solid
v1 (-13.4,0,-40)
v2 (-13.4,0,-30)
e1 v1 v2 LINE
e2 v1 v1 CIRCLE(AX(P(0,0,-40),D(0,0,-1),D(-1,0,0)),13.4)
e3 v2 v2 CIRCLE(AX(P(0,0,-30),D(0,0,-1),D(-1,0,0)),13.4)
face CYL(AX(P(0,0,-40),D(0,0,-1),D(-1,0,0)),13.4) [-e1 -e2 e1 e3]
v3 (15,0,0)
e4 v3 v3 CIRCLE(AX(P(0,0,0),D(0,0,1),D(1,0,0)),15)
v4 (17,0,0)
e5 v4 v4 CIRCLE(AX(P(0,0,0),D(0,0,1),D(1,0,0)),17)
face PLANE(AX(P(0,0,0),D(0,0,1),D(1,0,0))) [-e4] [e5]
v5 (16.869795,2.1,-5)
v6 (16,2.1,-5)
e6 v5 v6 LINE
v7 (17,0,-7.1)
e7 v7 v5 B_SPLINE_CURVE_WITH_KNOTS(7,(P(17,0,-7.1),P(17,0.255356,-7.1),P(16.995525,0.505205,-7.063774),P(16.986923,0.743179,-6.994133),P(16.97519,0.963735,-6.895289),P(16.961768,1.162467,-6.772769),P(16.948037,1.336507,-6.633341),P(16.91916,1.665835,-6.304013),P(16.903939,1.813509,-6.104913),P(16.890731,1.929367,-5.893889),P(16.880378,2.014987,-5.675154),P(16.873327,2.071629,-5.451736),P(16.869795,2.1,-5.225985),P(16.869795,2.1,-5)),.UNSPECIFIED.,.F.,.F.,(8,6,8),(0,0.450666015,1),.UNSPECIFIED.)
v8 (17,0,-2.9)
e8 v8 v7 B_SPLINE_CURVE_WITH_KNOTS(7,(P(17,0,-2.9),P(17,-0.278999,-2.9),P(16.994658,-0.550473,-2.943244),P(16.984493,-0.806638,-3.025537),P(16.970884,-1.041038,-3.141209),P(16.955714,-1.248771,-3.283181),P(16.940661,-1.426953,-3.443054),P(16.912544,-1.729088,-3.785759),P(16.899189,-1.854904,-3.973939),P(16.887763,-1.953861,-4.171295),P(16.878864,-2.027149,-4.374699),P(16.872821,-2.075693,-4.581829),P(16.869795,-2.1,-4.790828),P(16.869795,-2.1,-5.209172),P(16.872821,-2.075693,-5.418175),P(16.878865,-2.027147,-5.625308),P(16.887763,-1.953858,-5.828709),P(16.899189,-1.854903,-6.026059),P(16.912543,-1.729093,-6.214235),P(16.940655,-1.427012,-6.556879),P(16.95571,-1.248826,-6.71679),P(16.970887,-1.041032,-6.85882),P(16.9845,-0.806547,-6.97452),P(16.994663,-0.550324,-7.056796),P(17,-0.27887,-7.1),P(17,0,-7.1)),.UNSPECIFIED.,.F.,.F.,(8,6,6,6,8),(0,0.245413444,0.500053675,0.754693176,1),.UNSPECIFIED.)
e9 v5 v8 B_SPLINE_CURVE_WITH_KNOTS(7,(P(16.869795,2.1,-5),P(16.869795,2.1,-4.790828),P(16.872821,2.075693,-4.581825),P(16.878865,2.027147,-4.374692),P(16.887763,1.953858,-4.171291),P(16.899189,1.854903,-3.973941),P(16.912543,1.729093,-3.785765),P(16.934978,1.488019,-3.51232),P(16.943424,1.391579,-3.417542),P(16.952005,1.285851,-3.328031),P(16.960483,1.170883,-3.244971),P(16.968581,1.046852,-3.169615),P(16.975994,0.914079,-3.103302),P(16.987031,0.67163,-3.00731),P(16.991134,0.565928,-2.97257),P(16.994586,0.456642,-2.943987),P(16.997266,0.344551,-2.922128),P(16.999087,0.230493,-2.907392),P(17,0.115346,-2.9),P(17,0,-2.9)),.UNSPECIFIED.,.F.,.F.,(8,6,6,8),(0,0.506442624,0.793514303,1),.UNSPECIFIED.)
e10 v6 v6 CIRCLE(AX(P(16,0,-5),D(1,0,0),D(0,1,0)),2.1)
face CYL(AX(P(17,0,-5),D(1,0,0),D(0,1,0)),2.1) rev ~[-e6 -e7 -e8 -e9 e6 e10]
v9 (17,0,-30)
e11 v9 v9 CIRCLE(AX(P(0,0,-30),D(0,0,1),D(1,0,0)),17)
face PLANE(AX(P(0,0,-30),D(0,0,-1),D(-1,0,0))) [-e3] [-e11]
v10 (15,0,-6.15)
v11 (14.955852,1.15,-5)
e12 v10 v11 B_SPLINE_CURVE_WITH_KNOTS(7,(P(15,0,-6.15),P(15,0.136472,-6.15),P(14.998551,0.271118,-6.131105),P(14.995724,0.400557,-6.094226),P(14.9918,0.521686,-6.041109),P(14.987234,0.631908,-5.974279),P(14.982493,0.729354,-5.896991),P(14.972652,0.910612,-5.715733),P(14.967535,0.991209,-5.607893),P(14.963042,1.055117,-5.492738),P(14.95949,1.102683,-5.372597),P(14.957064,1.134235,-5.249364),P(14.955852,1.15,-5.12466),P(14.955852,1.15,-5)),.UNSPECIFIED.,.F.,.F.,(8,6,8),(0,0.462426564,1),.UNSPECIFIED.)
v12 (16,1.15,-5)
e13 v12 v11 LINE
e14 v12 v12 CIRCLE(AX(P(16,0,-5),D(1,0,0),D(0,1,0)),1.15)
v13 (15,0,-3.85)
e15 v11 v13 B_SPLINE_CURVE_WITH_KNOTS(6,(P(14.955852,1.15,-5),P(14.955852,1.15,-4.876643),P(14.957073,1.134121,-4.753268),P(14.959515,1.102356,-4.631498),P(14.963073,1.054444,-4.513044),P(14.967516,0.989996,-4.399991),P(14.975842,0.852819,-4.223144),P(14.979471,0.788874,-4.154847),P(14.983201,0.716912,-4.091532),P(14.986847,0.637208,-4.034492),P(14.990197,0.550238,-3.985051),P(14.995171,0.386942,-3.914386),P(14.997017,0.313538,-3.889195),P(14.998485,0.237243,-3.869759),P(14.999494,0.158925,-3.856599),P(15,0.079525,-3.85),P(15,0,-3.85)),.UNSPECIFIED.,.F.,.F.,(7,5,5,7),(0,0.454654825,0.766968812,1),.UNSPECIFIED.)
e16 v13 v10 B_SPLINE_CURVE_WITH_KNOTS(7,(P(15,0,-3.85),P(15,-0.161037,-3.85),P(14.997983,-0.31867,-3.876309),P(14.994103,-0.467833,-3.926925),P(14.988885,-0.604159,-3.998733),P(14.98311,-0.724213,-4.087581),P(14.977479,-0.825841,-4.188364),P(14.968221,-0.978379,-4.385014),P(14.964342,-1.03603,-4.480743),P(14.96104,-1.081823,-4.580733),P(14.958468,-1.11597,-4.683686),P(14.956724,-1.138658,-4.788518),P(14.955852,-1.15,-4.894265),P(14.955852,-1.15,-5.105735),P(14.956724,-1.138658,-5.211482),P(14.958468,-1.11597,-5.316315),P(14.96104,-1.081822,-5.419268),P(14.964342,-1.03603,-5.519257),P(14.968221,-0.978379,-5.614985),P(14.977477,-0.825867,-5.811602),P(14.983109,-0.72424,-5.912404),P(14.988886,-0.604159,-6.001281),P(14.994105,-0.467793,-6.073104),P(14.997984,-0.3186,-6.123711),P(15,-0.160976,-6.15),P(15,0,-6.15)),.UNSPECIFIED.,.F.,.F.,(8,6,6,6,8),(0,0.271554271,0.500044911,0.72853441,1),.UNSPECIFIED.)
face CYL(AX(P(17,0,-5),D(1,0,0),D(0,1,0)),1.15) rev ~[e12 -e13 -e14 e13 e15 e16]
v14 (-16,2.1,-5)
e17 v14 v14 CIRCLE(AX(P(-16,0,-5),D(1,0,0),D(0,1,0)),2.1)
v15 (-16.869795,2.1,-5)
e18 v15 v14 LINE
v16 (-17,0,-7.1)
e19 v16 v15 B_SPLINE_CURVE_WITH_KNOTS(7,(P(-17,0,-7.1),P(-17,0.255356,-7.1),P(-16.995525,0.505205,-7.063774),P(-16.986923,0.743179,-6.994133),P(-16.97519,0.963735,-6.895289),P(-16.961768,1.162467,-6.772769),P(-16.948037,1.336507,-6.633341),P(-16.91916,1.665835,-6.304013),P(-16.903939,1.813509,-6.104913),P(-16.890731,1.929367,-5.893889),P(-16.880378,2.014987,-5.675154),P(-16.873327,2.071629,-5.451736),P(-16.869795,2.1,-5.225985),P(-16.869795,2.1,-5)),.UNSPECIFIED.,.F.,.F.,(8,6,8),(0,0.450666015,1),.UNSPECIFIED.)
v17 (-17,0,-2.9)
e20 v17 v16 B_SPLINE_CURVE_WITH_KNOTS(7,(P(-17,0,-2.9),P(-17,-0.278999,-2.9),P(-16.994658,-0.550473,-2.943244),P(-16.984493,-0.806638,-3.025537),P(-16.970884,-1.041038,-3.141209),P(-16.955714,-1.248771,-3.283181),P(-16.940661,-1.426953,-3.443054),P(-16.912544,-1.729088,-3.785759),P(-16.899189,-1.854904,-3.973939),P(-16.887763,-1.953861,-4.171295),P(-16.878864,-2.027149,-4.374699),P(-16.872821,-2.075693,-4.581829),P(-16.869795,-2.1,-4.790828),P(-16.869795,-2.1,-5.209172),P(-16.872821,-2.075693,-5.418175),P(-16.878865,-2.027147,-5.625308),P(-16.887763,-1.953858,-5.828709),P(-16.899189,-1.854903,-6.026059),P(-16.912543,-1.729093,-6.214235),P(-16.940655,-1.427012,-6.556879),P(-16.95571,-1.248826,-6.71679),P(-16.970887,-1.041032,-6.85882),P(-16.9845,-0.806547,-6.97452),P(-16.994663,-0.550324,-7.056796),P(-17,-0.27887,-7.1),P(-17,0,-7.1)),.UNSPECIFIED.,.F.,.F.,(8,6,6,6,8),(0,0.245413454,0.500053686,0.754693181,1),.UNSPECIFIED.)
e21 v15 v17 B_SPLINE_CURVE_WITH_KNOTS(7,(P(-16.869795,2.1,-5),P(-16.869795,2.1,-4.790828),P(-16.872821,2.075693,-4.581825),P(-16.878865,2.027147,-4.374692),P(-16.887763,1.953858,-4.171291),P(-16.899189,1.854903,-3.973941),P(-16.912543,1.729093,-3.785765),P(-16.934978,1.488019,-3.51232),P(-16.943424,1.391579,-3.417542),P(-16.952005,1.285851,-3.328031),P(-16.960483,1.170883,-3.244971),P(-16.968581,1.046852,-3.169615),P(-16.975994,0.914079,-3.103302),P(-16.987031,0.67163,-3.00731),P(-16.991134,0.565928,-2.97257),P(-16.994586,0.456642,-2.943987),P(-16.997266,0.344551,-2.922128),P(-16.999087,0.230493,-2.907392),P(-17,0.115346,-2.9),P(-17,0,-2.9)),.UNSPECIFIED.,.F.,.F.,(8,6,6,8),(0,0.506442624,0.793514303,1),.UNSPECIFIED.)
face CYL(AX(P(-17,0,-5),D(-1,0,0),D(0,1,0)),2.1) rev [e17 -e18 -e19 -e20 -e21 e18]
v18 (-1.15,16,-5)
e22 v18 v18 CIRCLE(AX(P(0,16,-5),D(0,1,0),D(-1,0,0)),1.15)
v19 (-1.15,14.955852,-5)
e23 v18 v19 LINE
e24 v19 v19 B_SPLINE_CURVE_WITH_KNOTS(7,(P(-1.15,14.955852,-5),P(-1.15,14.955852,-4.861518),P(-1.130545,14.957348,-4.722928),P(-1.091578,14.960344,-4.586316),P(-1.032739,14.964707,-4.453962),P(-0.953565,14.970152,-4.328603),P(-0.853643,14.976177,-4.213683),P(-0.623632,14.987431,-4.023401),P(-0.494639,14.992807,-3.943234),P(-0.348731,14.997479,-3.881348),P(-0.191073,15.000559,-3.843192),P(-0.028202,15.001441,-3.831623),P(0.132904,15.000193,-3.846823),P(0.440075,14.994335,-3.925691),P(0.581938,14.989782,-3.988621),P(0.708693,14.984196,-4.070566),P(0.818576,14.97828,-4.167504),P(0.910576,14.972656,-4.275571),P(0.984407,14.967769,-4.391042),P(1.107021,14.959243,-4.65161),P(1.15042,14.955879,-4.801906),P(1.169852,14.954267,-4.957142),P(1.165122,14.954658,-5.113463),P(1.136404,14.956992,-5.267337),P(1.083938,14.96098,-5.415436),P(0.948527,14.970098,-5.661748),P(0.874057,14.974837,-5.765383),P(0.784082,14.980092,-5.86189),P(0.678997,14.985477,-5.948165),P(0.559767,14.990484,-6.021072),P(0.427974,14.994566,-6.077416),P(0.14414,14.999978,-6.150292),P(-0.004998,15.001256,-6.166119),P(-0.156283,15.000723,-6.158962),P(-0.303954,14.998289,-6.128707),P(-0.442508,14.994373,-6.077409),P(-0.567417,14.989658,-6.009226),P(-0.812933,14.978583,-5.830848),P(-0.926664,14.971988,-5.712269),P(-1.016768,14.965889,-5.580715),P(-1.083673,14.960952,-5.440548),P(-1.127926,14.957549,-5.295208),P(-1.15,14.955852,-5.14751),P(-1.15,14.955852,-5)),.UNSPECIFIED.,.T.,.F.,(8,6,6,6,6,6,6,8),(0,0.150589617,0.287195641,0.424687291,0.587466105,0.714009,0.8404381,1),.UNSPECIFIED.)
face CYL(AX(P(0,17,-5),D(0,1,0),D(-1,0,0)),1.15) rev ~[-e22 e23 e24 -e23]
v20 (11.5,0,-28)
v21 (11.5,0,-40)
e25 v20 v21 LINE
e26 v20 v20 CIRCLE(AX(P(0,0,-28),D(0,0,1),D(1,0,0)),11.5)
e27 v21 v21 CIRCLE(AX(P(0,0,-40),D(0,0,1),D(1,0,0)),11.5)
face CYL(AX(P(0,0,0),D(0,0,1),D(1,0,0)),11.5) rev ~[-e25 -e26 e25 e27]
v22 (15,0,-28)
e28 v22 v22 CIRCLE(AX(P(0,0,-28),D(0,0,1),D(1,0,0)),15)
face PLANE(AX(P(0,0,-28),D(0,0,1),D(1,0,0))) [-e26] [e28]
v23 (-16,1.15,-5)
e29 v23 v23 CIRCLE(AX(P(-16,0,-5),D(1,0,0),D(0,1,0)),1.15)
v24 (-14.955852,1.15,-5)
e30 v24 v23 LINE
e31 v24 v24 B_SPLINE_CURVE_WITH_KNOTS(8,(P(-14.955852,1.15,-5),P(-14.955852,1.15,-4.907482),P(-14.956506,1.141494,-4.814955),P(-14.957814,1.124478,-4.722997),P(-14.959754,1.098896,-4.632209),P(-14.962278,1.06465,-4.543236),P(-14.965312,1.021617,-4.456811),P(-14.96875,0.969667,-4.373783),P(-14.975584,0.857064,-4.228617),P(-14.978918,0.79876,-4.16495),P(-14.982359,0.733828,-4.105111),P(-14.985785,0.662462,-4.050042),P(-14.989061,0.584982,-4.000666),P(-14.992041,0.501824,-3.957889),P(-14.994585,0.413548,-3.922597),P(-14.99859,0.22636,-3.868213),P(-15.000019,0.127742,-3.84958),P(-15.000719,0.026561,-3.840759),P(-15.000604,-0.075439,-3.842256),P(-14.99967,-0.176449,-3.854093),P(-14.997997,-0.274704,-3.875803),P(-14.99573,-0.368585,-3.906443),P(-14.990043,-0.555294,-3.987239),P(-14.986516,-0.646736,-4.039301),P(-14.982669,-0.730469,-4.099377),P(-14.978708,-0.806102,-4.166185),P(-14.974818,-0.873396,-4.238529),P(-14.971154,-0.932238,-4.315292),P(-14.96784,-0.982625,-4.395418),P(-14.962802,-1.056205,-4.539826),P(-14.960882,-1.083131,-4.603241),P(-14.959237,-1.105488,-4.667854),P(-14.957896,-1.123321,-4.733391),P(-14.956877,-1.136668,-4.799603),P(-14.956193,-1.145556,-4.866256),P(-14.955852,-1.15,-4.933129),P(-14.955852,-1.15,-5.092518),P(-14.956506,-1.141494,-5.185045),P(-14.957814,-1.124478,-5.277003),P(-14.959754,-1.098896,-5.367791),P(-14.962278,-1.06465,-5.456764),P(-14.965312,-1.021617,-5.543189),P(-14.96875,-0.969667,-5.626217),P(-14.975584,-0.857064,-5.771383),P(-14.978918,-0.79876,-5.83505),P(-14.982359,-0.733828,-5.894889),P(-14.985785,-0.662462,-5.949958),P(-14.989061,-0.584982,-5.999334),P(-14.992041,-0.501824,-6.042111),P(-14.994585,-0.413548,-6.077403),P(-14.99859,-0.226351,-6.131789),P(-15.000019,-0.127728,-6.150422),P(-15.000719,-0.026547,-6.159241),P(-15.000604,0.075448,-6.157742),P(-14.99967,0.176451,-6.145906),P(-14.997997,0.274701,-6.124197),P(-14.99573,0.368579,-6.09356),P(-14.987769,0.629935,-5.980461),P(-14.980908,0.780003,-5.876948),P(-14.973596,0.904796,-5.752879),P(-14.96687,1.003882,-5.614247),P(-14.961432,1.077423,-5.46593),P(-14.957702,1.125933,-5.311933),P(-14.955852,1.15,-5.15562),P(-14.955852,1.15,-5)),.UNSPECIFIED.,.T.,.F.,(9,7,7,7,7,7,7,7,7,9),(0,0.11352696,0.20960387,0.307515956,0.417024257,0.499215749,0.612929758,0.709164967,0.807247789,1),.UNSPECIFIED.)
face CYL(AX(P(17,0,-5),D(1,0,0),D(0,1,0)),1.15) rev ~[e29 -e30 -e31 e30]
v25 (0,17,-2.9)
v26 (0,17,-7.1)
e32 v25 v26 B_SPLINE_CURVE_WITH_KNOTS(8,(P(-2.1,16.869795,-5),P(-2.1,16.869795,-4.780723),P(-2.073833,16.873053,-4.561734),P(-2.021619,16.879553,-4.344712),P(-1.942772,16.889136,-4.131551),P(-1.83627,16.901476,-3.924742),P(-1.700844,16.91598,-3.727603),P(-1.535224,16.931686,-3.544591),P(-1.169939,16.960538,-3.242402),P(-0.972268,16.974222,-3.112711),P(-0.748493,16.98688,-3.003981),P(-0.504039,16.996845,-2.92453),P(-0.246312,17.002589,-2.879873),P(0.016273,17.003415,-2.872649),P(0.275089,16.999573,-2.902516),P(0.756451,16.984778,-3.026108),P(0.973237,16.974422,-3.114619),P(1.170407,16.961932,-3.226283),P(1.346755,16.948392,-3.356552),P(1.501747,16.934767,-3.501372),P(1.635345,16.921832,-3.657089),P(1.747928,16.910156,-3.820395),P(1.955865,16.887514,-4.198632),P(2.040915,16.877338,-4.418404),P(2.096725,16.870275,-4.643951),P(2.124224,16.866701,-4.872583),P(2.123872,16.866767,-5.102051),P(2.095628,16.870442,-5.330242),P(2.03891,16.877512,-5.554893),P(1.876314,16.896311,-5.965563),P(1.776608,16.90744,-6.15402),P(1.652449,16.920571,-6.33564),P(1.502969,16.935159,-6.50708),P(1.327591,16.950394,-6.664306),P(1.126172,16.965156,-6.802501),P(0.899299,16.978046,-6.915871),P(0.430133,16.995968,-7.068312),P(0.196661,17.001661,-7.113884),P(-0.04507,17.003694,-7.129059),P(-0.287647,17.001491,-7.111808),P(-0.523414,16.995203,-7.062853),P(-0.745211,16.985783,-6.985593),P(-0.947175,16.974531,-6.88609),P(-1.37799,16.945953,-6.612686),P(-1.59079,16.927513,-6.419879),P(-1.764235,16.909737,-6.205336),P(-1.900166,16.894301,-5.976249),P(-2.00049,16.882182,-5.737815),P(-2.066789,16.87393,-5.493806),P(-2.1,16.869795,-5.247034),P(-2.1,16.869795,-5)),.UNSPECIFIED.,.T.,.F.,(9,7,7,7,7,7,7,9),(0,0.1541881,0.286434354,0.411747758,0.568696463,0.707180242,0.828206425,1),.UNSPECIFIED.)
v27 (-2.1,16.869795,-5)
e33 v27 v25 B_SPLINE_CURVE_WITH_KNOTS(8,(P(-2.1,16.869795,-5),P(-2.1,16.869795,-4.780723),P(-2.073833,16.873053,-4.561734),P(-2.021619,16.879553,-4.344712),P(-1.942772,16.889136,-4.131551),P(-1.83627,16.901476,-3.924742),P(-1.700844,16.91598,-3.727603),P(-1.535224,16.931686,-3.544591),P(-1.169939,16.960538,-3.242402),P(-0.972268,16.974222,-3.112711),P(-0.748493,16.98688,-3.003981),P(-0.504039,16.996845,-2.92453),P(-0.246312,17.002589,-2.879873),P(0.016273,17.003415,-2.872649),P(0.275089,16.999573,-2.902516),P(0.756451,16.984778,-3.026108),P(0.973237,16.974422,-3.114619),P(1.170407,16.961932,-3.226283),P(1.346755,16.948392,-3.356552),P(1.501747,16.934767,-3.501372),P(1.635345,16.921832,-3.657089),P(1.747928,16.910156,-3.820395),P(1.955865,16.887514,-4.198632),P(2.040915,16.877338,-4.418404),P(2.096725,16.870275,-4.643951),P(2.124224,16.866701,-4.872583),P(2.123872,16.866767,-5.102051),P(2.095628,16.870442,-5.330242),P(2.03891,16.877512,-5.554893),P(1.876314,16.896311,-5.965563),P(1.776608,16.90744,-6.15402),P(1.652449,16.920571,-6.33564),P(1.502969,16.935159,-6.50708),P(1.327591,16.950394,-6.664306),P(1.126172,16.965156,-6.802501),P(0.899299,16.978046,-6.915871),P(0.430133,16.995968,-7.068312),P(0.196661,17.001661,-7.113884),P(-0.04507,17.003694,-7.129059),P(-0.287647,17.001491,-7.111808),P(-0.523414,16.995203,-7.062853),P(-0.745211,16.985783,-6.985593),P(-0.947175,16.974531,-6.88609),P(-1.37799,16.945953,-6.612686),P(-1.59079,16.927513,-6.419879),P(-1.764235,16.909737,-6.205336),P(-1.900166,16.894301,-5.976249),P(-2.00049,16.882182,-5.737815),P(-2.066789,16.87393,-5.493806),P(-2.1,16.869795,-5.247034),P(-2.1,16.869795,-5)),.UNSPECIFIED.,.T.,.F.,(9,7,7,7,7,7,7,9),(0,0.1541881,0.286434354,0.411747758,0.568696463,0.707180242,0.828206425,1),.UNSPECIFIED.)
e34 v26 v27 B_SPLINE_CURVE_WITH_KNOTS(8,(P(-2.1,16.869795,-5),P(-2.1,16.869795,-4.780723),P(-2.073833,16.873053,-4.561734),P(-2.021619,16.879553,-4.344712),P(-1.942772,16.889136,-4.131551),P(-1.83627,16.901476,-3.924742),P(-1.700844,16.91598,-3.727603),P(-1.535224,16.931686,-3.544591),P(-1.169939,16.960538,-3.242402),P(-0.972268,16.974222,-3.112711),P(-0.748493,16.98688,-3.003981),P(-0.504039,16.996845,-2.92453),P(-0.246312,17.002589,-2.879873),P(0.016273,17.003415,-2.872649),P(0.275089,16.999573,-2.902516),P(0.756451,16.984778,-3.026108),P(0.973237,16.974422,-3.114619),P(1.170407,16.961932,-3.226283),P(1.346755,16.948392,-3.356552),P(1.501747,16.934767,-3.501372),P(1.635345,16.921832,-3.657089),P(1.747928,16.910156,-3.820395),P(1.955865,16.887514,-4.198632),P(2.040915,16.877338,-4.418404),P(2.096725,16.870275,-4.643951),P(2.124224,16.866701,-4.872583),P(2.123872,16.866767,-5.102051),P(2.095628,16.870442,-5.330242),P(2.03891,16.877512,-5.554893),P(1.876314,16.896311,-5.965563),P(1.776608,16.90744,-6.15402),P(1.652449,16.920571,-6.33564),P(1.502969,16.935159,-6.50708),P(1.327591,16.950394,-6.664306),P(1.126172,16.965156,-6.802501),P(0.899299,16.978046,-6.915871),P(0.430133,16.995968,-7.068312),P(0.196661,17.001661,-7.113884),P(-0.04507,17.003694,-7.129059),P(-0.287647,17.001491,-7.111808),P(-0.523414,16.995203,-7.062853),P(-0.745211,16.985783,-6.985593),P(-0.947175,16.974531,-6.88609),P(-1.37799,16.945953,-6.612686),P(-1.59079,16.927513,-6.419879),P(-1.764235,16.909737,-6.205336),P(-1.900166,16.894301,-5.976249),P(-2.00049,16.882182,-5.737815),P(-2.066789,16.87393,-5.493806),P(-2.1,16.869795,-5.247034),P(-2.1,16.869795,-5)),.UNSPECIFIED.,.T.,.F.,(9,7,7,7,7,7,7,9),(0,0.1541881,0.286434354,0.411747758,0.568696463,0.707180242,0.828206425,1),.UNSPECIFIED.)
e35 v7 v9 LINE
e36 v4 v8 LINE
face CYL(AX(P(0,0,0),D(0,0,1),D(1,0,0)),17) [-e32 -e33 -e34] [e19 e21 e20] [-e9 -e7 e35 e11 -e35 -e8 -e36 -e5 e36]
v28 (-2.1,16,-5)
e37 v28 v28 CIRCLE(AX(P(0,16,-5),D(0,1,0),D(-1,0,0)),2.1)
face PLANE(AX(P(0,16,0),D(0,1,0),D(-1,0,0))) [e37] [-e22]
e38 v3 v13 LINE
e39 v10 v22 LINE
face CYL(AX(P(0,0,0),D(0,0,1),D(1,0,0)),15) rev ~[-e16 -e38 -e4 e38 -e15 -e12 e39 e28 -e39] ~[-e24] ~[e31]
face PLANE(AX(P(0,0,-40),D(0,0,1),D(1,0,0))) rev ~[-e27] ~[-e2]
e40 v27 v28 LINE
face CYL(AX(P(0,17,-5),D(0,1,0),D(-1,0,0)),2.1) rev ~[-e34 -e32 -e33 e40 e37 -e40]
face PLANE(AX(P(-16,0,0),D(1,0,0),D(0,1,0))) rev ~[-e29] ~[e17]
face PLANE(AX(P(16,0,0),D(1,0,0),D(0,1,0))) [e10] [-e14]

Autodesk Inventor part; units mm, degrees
sketch "スケッチ1" plane through (0, 0, 0) normal (0, 0, 1) x (1, 0, 0)
  circle A0 centre (0, 0) radius 17
  circle A1 centre (0, 0) radius 11.5
  dimension "d0" = 34
  dimension "d1" = 23
extrude "押し出し1" add sketch "スケッチ1" against normal blind 40
sketch "スケッチ3" plane through (0, 0, 0) normal (0, 0, 1) x (1, 0, 0)
  circle A0 centre (0, 0) radius 15
  dimension "d8" = 30
extrude "押し出し3" cut sketch "スケッチ3" against normal blind 28
ref_plane "作業平面6" through (17, 0, 0) normal (1, 0, 0) x (0, 1, 0)
ref_plane "作業平面7" through (-17, 0, 0) normal (1, 0, 0) x (0, 1, 0)
sketch "スケッチ14" plane through (17, 0, 0) normal (1, 0, 0) x (0, 1, 0)
  point P0 (0, 0)
sketch "スケッチ15" plane through (17, 0, 0) normal (1, 0, 0) x (0, 1, 0)
  circle A0 centre (0, -5) radius 1.15
  point P0 (0, 0)
  dimension "d54" = 2.3
  dimension "d55" = 5
ref_plane "作業平面8" through (0, 17, 0) normal (0, 1, 0) x (-1, 0, 0)
ref_plane "作業平面9" through (0, -17, 0) normal (0, 1, 0) x (-1, 0, 0)
sketch "スケッチ16" plane through (0, 17, 0) normal (0, 1, 0) x (-1, 0, 0)
  circle A0 centre (0, -5) radius 1.15
  point P0 (0, 0)
  dimension "d58" = 2.3
  dimension "d59" = 5
extrude "押し出し13" cut sketch "スケッチ15" against normal through all
extrude "押し出し14" cut sketch "スケッチ16" against normal blind 5
sketch "スケッチ19" plane through (17, 0, 0) normal (1, 0, 0) x (0, 1, 0)
  circle A0 centre (0, -5) radius 2.1
  line L0 (17, 0) -> (-17, 0) projected
  point P0 (0, 0)
  dimension "d64" = 4.2
  dimension "d65" = 5
extrude "押し出し15" cut sketch "スケッチ19" against normal blind 1
sketch "スケッチ20" plane through (0, 17, 0) normal (0, 1, 0) x (-1, 0, 0)
  circle A0 centre (0, -5) radius 2.1
  line L0 (17, 0) -> (-17, 0) projected
  point P0 (0, 0)
  dimension "d68" = 4.2
  dimension "d69" = 5
extrude "押し出し16" cut sketch "スケッチ20" against normal blind 1
sketch "スケッチ21" plane through (-17, 0, 0) normal (1, 0, 0) x (0, 1, 0)
  circle A0 centre (0, -5) radius 2.1
  line L0 (17, 0) -> (-17, 0) projected
  point P0 (0, 0)
  dimension "d72" = 4.2
  dimension "d73" = 5
extrude "押し出し17" cut sketch "スケッチ21" along normal blind 1
sketch "スケッチ22" plane through (0, -17, 0) normal (0, 1, 0) x (-1, 0, 0)
  point P0 (0, 0)
sketch "スケッチ24" plane through (0, 0, -40) normal (0, 0, -1) x (-1, 0, 0)
  circle A0 centre (0, 0) radius 17
  circle A1 centre (0, 0) radius 13.4
  dimension "d80" = 26.8
  dimension "d83" = 34
extrude "押し出し19" cut sketch "スケッチ24" against normal blind 10
equation "\"BendRadius\" = Thickness"
equation "\"BendReliefWidth\" = Thickness"
equation "\"BendReliefDepth\" = 0.5 * Thickness"
equation "\"CornerReliefSize\" = 4 * Thickness"
equation "\"MinimumRemnant\" = 2 * Thickness"
equation "\"TransitionRadius\" = BendRadius"
equation "\"JacobiRadiusSize\" = BendRadius"
equation "\"GapSize\" = Thickness"
equation "\"Thickness\" = 3.048"
properties part number "B_pipe_adapter_1" material "ステンレス鋼 440C"
